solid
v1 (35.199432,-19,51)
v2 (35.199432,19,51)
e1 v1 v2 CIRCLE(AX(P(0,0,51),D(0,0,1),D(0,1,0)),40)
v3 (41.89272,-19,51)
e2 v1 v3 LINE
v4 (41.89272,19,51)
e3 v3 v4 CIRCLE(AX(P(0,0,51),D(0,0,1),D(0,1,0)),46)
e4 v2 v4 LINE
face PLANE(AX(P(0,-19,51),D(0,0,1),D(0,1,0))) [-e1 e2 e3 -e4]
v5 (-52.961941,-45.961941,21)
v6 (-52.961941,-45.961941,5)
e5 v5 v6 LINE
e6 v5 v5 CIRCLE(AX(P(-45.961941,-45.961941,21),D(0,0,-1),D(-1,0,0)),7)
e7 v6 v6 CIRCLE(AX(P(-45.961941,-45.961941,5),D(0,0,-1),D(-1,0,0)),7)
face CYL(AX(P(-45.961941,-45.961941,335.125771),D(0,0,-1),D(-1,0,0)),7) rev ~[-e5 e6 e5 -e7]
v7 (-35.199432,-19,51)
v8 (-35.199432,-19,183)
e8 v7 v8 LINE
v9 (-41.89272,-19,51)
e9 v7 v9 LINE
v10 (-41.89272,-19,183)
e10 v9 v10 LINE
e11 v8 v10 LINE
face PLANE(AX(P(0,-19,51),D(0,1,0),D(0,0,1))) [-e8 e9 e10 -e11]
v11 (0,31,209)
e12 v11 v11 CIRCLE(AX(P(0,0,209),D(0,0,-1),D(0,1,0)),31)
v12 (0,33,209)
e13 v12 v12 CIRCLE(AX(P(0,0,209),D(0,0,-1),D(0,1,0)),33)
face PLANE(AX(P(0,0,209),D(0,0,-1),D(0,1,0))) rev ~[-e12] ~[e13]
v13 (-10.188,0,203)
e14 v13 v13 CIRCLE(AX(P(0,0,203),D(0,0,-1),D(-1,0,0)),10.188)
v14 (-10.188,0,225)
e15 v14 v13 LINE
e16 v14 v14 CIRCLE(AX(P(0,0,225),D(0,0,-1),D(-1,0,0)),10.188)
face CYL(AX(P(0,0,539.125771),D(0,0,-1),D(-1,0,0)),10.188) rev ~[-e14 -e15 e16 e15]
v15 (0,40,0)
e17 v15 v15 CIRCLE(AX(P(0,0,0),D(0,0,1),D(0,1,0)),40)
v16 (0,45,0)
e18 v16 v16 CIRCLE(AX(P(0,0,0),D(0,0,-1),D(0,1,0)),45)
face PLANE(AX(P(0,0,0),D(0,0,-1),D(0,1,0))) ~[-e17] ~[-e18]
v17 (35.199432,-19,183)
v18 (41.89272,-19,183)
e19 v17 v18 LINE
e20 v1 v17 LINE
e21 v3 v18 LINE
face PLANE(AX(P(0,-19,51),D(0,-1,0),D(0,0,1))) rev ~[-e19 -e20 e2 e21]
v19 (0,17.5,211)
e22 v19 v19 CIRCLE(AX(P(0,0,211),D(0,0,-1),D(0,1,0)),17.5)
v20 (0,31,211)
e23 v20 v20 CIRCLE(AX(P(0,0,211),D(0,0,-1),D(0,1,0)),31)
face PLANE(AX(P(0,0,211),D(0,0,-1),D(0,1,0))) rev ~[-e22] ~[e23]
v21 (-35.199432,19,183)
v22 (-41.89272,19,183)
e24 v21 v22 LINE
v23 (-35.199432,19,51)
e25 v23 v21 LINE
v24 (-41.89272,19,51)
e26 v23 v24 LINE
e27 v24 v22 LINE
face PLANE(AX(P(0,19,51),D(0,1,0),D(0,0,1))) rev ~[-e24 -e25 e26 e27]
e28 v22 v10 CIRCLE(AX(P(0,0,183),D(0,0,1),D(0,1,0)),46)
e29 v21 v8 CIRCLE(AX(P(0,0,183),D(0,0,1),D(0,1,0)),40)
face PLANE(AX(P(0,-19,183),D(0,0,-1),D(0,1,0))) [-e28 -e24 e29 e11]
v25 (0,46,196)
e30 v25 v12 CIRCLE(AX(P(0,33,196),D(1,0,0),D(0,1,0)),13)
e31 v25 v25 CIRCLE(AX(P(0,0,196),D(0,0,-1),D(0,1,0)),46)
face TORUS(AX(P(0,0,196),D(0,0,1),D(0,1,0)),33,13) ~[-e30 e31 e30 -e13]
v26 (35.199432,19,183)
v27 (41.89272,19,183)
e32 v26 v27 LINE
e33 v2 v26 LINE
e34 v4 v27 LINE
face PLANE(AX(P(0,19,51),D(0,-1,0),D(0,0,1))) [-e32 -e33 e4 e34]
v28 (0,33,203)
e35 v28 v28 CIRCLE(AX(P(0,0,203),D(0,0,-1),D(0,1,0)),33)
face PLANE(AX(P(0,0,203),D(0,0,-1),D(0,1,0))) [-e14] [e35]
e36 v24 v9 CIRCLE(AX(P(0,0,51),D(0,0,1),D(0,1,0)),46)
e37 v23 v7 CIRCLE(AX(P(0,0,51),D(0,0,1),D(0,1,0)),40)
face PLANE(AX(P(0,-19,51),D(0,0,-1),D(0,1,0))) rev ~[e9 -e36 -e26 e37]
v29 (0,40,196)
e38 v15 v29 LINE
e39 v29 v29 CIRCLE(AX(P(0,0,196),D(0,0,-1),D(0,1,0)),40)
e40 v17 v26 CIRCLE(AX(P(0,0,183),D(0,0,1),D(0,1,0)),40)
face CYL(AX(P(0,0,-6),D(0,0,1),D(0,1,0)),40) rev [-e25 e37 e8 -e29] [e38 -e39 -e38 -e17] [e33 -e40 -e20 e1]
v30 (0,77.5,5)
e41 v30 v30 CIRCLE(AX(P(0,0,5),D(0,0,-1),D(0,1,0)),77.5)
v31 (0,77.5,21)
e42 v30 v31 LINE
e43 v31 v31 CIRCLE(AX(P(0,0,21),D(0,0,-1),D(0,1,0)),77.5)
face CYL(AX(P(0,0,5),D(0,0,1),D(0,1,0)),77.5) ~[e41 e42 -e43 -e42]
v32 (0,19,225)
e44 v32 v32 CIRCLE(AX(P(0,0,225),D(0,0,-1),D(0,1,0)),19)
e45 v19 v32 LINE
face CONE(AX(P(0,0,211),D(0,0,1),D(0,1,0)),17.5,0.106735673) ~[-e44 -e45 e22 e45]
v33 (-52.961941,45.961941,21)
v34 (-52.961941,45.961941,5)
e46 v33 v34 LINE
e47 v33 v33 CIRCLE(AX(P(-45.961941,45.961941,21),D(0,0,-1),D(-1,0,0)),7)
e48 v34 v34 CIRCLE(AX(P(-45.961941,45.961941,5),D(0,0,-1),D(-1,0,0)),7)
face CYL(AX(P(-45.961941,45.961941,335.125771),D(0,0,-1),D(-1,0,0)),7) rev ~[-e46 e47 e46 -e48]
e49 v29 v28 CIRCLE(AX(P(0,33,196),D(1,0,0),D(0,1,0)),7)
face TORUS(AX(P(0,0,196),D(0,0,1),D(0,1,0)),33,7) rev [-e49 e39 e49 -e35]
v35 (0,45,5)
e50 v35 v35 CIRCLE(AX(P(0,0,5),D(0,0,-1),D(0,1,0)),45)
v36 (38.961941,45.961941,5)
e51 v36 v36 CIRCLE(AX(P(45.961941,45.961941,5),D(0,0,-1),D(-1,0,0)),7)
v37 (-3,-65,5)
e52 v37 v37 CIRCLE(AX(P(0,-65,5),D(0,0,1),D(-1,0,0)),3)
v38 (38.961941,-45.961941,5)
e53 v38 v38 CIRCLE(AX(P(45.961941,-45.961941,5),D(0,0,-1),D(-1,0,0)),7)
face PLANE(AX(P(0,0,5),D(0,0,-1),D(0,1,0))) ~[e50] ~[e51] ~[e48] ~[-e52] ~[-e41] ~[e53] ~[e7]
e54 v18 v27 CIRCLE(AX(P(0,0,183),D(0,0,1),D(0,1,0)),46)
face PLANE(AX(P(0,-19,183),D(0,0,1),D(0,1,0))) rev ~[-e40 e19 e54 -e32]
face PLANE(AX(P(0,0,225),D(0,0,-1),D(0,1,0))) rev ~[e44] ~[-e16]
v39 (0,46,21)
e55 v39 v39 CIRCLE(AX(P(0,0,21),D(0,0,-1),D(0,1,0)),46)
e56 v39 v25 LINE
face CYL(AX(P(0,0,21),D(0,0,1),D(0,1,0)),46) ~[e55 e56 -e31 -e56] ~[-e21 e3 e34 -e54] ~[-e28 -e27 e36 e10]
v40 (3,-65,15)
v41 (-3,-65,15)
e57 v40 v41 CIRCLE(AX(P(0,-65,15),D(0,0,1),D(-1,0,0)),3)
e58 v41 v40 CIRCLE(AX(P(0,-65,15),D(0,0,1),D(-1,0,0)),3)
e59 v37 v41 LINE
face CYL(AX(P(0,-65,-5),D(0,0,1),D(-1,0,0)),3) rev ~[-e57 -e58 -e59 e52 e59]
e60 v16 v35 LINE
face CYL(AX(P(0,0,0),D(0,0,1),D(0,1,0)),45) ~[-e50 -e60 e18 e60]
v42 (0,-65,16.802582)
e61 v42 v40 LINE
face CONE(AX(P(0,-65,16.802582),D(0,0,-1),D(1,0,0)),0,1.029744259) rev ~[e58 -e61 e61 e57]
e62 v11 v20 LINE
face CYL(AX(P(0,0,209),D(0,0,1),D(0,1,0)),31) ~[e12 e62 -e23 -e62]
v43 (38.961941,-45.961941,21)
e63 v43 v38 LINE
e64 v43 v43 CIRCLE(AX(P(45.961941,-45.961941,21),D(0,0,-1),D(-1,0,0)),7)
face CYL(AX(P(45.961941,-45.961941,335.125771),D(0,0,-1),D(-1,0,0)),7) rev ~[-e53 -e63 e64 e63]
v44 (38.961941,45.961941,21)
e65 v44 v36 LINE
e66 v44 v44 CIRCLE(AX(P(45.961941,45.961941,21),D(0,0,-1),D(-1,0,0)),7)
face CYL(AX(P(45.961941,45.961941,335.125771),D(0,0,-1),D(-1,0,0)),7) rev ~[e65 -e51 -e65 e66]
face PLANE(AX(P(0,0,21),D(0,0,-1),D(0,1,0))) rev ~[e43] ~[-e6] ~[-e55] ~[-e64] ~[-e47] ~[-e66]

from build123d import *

# Parameters (mm, degrees)
F5_D          = 20.376
F7_D          = 14
F8_W          = 38
F8_H          = 132
F9_DEPTH      = 77.501
F9_DEPTH_BACK = 77.501
F11_D         = 6
F11_DEPTH     = 10
F11_TIP       = 1.8025818571


with BuildPart() as f1:
    # F0 (on Right) → F1 (revolve)
    with BuildSketch(Plane.YZ):
        with BuildLine():
            Line((19, 225), (0, 225))
            Line((0, 225), (0, 0))
            Line((0, 0), (45, 0))
            Line((45, 0), (45, 5))
            Line((45, 5), (77.5, 5))
            Line((77.5, 5), (77.5, 21))
            Line((77.5, 21), (46, 21))
            Line((46, 21), (46, 196))
            ThreePointArc((46, 196), (42.1923881554, 205.1923881554), (33, 209))
            Line((33, 209), (31, 209))
            Line((31, 209), (31, 211))
            Line((31, 211), (17.5, 211))
            Line((17.5, 211), (19, 225))
        make_face()
    revolve(axis=Axis((0, 0, 103.9262376726), (0, 0, -1)))

    # F2 (on Right) → F3 (revolve, cut)
    with BuildSketch(Plane.YZ):
        with BuildLine():
            Line((33, 203), (0, 203))
            Line((0, 203), (0, -6))
            Line((0, -6), (40, -6))
            Line((40, -6), (40, 196))
            ThreePointArc((40, 196), (37.9497474683, 200.9497474683), (33, 203))
        make_face()
    revolve(axis=Axis((0, 0, 103.9262376726), (0, 0, -1)), mode=Mode.SUBTRACT)

    # F5 (through all)
    with Locations(Plane.XY.offset(225)):
        with Locations((0, 0)):
            Hole(F5_D / 2)

    # F7 (through all)
    with Locations(Plane.XY.offset(21)):
        with Locations((45.9619407771, 45.9619407771), (45.9619407771, -45.9619407771), (-45.9619407771, 45.9619407771), (-45.9619407771, -45.9619407771)):
            Hole(F7_D / 2)

    # F8 (on Right) → F9 (cut, two sides)
    with BuildSketch(Plane.YZ) as f9_sk:
        with Locations((0, 117)):
            Rectangle(F8_W, F8_H)
    extrude(amount=-F9_DEPTH, mode=Mode.SUBTRACT)
    extrude(f9_sk.sketch, amount=F9_DEPTH_BACK, mode=Mode.SUBTRACT)

    # F11
    with Locations(Plane(origin=(0, 0, 5), x_dir=(1, 0, 0), z_dir=(0, 0, -1))):
        with Locations((0, 65)):
            Hole(F11_D / 2, depth=F11_DEPTH)
            with Locations((0, 0, -(F11_DEPTH + F11_TIP / 2))):  # 118° drill point
                Cone(0, F11_D / 2, F11_TIP, mode=Mode.SUBTRACT)


solid = f1.part
